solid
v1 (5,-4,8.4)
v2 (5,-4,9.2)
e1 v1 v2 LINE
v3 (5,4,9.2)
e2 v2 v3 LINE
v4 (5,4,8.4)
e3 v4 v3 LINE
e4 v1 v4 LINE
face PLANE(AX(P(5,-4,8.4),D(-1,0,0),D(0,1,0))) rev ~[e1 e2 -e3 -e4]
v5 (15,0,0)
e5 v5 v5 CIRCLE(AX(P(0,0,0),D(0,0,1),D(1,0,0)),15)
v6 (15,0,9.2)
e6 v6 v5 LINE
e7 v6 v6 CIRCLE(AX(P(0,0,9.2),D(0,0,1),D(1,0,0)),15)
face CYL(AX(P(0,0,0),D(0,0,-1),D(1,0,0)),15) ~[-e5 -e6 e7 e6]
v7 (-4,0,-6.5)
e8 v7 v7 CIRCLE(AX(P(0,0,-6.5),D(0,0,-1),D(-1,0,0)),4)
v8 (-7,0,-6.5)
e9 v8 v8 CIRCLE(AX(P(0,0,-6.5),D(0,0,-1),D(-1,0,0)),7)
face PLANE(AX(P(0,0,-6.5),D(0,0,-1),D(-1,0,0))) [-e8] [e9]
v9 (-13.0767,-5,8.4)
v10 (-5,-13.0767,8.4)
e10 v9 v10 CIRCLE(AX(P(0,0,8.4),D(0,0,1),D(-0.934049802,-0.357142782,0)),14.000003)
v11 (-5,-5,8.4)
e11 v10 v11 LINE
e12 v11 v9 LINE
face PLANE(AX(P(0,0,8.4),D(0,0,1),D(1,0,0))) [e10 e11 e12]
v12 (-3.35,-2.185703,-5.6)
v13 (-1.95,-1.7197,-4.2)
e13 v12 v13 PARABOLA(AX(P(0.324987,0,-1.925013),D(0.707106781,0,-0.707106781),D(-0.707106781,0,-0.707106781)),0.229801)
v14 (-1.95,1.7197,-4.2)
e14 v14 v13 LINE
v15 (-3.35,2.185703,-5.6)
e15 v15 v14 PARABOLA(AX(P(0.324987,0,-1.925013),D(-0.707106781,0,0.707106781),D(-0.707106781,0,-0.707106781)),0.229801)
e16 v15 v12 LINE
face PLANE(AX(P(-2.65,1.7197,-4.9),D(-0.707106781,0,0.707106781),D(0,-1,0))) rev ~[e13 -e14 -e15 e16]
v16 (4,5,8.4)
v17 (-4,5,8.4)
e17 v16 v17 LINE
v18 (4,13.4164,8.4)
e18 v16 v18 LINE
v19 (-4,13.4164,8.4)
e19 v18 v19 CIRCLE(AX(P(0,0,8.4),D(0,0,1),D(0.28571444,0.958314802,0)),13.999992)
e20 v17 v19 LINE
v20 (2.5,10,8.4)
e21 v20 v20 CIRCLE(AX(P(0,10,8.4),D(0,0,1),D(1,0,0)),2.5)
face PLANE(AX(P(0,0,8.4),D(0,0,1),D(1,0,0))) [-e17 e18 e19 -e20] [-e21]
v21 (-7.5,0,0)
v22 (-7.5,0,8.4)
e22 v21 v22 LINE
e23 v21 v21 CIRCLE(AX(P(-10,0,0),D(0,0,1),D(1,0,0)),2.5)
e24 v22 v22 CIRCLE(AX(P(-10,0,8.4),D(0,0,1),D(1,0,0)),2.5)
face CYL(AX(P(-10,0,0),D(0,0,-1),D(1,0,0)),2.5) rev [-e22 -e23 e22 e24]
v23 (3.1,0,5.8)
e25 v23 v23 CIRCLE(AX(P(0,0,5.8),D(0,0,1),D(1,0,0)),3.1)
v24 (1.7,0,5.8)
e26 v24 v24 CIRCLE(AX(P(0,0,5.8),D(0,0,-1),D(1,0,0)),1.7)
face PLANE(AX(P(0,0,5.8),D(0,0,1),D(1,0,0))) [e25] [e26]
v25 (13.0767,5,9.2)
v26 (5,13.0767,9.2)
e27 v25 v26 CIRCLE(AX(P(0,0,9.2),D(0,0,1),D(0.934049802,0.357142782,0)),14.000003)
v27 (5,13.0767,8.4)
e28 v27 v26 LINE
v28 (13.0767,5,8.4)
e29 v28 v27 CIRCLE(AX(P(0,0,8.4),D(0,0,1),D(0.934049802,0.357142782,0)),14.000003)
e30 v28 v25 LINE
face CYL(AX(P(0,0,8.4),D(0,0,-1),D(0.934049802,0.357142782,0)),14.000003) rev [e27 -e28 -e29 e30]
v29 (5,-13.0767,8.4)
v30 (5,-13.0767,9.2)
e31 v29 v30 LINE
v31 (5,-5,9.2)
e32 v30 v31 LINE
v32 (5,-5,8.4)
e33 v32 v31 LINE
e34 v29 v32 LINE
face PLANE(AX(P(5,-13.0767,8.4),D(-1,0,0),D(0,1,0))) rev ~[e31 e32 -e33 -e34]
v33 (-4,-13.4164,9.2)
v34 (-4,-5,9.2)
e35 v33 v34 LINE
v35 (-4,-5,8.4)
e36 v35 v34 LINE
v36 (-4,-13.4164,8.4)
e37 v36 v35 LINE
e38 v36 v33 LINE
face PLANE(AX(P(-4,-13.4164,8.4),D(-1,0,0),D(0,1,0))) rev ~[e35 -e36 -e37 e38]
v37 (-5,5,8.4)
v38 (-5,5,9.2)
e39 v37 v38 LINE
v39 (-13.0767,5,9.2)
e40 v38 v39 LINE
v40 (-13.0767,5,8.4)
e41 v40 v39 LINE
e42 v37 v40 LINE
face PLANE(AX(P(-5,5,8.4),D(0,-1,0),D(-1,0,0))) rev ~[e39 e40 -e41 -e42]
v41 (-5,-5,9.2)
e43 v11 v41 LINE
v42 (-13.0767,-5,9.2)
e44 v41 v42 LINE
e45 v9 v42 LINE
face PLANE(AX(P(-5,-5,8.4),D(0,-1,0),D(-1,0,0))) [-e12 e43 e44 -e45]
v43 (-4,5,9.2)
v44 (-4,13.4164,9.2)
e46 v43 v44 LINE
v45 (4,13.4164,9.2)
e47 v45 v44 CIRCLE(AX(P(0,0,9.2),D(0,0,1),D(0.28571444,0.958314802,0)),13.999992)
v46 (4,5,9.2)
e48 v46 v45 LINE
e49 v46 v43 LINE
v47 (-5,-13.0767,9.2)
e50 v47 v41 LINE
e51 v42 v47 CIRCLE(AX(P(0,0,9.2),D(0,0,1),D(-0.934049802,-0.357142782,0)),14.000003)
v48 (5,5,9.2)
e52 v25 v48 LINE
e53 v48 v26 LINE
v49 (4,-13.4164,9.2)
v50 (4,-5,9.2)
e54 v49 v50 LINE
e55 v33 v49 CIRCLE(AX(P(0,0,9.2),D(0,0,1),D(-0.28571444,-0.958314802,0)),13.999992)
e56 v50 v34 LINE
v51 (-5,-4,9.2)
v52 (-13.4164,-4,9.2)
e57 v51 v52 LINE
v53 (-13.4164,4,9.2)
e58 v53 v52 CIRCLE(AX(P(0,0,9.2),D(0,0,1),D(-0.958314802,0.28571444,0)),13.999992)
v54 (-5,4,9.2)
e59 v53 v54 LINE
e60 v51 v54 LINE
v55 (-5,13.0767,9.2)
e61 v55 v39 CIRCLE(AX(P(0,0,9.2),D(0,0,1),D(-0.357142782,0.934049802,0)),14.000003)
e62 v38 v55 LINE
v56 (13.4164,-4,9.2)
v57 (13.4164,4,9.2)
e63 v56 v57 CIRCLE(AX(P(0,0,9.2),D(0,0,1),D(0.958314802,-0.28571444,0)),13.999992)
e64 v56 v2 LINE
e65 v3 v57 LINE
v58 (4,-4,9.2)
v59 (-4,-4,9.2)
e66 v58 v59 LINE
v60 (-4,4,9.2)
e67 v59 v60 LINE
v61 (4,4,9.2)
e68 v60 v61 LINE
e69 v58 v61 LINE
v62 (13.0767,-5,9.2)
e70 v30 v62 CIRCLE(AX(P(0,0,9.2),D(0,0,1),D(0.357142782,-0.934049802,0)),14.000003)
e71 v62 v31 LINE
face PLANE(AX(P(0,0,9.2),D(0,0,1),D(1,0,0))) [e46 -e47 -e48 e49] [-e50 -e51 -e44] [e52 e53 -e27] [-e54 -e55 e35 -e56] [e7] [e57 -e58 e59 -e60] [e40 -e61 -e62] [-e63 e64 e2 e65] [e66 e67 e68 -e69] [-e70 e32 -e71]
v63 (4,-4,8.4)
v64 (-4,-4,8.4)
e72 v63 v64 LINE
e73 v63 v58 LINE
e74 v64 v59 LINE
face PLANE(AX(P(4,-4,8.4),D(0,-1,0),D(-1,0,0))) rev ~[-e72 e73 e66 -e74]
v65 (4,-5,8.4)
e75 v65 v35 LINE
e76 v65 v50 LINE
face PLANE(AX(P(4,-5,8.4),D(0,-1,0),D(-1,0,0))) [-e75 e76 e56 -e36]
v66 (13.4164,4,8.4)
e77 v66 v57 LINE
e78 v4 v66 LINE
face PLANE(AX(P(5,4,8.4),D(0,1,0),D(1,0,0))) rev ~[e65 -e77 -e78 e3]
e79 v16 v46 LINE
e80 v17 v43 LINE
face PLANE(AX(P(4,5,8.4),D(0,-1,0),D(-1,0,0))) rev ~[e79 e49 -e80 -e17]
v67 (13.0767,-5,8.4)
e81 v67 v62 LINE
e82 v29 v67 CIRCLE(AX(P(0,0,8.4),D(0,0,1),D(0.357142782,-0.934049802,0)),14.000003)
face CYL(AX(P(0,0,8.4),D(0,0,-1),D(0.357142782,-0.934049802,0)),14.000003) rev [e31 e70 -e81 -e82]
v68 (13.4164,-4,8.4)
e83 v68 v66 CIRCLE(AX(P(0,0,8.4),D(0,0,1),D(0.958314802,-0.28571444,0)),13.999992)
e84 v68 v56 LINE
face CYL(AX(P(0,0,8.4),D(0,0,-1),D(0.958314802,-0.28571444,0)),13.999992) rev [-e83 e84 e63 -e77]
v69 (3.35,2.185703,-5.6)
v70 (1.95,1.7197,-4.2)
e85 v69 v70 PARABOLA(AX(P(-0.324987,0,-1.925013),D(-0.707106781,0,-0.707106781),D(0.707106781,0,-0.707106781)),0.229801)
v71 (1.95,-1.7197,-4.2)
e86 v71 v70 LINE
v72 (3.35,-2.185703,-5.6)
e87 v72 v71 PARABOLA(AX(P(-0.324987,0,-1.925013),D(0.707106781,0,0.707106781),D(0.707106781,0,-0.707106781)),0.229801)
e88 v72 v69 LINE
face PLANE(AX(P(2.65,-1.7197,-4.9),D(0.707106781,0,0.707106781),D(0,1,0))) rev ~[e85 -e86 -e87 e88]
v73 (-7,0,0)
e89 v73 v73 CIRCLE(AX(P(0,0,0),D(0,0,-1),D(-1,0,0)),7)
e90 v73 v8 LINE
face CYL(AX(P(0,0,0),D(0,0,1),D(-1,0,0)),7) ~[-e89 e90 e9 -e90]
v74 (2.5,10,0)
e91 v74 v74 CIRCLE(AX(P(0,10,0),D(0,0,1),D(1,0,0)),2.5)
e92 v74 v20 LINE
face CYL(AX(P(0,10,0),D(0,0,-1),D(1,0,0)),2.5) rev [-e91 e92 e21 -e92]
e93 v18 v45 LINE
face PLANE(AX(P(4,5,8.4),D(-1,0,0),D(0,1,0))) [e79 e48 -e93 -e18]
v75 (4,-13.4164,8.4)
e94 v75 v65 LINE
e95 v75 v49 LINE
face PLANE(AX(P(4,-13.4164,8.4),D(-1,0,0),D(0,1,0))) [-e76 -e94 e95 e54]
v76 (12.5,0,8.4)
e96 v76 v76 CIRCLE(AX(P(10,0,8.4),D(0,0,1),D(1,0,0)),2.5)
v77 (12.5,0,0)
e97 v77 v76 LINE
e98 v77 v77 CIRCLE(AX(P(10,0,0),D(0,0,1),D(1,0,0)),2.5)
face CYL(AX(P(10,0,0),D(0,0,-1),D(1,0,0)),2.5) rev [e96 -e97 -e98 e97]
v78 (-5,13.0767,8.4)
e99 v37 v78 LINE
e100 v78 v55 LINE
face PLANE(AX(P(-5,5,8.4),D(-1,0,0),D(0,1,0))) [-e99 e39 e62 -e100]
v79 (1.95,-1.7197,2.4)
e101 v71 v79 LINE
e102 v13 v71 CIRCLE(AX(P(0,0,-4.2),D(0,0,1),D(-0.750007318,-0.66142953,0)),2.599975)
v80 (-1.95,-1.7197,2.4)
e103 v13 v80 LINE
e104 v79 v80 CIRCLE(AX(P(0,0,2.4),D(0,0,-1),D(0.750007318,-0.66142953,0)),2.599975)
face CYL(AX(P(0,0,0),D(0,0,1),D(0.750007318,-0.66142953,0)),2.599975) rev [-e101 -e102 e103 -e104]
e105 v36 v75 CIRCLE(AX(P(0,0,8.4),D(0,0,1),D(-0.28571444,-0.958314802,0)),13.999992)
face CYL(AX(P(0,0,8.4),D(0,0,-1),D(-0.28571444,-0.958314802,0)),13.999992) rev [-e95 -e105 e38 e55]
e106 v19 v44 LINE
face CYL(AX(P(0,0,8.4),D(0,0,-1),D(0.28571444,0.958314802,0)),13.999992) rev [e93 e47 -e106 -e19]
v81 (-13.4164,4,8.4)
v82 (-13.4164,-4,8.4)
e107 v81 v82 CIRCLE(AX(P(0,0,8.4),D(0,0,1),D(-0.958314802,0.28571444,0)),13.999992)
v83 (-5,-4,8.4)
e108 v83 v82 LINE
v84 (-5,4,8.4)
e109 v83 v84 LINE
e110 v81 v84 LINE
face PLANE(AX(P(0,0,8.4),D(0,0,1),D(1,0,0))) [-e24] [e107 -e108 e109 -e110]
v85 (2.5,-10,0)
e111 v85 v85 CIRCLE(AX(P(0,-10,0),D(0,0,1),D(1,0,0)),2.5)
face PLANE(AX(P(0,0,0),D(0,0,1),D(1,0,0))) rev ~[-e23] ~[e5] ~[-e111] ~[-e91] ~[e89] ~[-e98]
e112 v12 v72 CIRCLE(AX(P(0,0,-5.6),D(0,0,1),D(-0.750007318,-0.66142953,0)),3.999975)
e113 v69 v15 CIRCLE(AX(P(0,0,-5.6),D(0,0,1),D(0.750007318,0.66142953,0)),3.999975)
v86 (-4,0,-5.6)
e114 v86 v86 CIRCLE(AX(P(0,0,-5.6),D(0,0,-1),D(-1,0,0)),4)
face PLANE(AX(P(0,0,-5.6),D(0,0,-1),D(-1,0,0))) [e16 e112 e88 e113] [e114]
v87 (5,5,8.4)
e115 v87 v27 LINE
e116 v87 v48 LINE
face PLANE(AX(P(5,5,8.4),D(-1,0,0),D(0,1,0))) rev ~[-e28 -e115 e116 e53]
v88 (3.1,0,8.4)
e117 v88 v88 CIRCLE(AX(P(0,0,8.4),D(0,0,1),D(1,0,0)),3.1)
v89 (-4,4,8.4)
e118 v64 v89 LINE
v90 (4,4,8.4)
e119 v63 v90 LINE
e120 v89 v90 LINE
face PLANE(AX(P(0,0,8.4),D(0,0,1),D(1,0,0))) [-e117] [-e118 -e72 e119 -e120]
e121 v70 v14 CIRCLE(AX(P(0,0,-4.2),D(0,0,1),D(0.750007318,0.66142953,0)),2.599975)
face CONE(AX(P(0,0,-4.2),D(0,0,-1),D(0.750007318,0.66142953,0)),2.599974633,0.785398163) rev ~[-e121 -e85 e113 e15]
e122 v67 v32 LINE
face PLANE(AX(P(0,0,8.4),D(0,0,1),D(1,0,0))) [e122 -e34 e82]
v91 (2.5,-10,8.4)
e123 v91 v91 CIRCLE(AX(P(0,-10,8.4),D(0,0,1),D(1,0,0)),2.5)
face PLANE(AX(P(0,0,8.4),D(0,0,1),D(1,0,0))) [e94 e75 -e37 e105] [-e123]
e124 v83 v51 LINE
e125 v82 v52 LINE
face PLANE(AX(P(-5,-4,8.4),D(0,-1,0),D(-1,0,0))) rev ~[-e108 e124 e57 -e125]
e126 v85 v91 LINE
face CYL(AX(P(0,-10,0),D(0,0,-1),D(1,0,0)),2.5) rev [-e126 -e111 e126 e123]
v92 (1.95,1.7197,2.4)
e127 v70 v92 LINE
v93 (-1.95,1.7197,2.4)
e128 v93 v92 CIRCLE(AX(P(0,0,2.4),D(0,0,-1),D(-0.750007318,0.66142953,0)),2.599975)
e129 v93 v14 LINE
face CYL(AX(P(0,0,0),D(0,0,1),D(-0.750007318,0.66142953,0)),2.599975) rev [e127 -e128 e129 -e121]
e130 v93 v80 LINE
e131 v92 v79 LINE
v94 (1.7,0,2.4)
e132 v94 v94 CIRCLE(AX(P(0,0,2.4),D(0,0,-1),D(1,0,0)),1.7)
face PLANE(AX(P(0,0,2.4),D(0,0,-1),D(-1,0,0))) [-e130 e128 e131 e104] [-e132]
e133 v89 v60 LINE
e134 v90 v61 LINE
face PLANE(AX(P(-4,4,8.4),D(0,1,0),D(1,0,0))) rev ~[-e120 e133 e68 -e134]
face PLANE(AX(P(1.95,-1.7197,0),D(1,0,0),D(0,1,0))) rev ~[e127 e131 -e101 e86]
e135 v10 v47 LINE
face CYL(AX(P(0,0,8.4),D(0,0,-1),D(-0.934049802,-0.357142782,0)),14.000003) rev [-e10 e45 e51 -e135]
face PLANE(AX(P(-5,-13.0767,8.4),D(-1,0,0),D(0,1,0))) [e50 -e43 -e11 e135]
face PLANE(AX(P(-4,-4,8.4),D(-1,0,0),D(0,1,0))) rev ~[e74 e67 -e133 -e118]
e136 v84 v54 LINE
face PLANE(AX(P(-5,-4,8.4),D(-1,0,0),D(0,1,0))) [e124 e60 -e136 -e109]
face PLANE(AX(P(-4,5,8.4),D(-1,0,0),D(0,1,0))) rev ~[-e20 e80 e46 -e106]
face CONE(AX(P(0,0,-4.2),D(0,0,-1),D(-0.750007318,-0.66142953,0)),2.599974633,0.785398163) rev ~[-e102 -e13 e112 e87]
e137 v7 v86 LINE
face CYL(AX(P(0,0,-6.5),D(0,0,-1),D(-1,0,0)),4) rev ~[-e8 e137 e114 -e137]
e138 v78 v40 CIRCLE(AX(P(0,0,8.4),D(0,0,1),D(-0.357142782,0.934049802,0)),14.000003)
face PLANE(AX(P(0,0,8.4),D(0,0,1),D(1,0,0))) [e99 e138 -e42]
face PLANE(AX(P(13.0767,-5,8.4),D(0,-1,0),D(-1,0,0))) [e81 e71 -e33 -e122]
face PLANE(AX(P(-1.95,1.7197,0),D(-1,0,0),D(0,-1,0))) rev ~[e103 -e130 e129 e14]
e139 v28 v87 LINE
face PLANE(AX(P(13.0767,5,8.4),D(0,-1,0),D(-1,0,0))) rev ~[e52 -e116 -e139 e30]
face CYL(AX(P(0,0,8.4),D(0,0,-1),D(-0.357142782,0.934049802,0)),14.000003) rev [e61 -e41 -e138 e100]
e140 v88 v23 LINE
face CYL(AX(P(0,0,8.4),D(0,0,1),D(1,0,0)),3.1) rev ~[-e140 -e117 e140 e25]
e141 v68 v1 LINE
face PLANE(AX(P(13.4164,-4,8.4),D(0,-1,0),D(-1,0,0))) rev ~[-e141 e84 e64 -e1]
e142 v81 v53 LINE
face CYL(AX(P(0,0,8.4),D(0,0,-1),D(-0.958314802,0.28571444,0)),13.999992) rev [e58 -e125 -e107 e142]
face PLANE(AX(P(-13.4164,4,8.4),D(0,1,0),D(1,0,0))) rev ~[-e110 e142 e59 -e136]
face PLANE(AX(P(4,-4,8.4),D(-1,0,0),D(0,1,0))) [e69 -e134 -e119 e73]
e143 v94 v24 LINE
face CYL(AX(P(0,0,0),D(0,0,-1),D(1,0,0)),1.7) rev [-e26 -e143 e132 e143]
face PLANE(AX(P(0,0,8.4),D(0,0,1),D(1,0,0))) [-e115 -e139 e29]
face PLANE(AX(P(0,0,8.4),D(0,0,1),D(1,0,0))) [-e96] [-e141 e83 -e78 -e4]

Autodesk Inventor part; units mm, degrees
ref_plane "YZ Plane" through (0, 0, 0) normal (1, 0, 0) x (0, 1, 0)
ref_plane "XZ Plane" through (0, 0, 0) normal (0, 1, 0) x (-1, 0, 0)
ref_plane "XY Plane" through (0, 0, 0) normal (0, 0, 1) x (1, 0, 0)
sketch "Sketch1" plane through (0, 0, 0) normal (0, 0, 1) x (1, 0, 0)
  line L0 (0, 0) -> (22.9276, 0) construction
  line L1 (0, 0) -> (0, -25.2472) construction
  circle A0 centre (0, 10) radius 2.5
  circle A1 centre (10, 0) radius 2.5
  circle A2 centre (-10, 0) radius 2.5
  circle A3 centre (0, -10) radius 2.5
  circle A4 centre (0, 0) radius 15
  circle A5 centre (0, 0) radius 1.7
  dimension "d0" = 5
  dimension "d1" = 20
  dimension "d2" = 5
  dimension "d3" = 20
  dimension "d4" = 30
  dimension "d5" = 3.4
extrude "Extrusion1" add sketch "Sketch1" along normal blind 8.4
sketch "Sketch2" plane through (0, 0, 8.4) normal (0, 0, 1) x (1, 0, 0)
  circle A0 centre (0, 0) radius 15 projected
  circle A1 centre (10, 0) radius 2.5 construction
  line L0 (0, 0) -> (10, 0) construction
  line L1 (0, 0) -> (0, -10.0085) construction
  arc A2 (4, 13.4164) -> (-4, 13.4164) centre (0, 0) ccw
  line L2 (-5, 5) -> (-13.0767, 5)
  line L3 (-4, 5) -> (-4, 13.4164)
  line L4 (-5, 5) -> (-5, 13.0767)
  line L5 (-13.4164, 4) -> (-5, 4)
  arc A3 (-5, 13.0767) -> (-13.0767, 5) centre (0, 0) ccw
  arc A4 (-13.4164, 4) -> (-13.4164, -4) centre (0, 0) ccw
  line L6 (-5, -4) -> (-13.4164, -4)
  line L7 (-5, -13.0767) -> (-5, -5)
  line L8 (-5, -4) -> (-5, 4)
  line L9 (-4, -13.4164) -> (-4, -5)
  line L10 (-4, -4) -> (-4, 4)
  line L11 (-5, -5) -> (-13.0767, -5)
  line L12 (4, -13.4164) -> (4, -5)
  line L13 (5, -13.0767) -> (5, -5)
  line L14 (13.0767, -5) -> (5, -5)
  line L15 (4, -5) -> (-4, -5)
  line L16 (13.4164, -4) -> (5, -4)
  line L17 (4, -4) -> (-4, -4)
  line L18 (-4, 4) -> (4, 4)
  line L19 (5, 4) -> (13.4164, 4)
  line L20 (4, -4) -> (4, 4)
  line L21 (4, 5) -> (4, 13.4164)
  line L22 (13.0767, 5) -> (5, 5)
  line L23 (4, 5) -> (-4, 5)
  line L24 (5, -4) -> (5, 4)
  line L25 (5, 5) -> (5, 13.0767)
  arc A5 (13.0767, 5) -> (5, 13.0767) centre (0, 0) ccw
  arc A6 (13.4164, -4) -> (13.4164, 4) centre (0, 0) ccw
  arc A7 (5, -13.0767) -> (13.0767, -5) centre (0, 0) ccw
  arc A8 (-13.0767, -5) -> (-5, -13.0767) centre (0, 0) ccw
  arc A9 (-4, -13.4164) -> (4, -13.4164) centre (0, 0) ccw
extrude "Extrusion2" add sketch "Sketch2" along normal blind 0.8
sketch "Sketch3" plane through (0, 0, 0) normal (0, 0, -1) x (-1, 0, 0)
  line L0 (-1.95, 1.7197) -> (-1.95, -1.7197)
  line L1 (1.95, 1.7197) -> (1.95, -1.7197)
  line L2 (0, 0) -> (0, 3.5197) construction
  arc A0 (1.95, 1.7197) -> (-1.95, 1.7197) centre (0, 0) ccw
  arc A1 (-1.95, -1.7197) -> (1.95, -1.7197) centre (0, 0) ccw
  dimension "d25" = 3.9
  dimension "d26" = 2.6
  dimension "d27" = 2.6
extrude "Extrusion3" cut sketch "Sketch3" against normal blind 2.4
sketch "Sketch4" plane through (0, 0, 0) normal (0, 0, -1) x (-1, 0, 0)
  arc A0 (1.95, 1.7197) -> (-1.95, 1.7197) centre (0, 0) ccw projected
  line L0 (1.95, 1.7197) -> (1.95, -1.7197) projected
  arc A1 (-1.95, -1.7197) -> (1.95, -1.7197) centre (0, 0) ccw projected
  line L1 (-1.95, -1.7197) -> (-1.95, 1.7197) projected
  circle A2 centre (0, 0) radius 7
  dimension "d30" = 14
extrude "Extrusion4" add sketch "Sketch4" along normal blind 6.5
sketch "Sketch7" plane through (0, 0, -6.5) normal (0, 0, -1) x (-1, 0, 0)
  arc A0 (1.95, 1.7197) -> (-1.95, 1.7197) centre (0, 0) ccw construction
  circle A1 centre (0, 0) radius 4
  dimension "d36" = 8
extrude "Extrusion6" cut sketch "Sketch7" against normal blind 0.9
sketch "Sketch5" plane through (0, 0, 8.4) normal (0, 0, 1) x (1, 0, 0)
  circle A0 centre (0, 0) radius 3.1
  dimension "d33" = 6.2
extrude "Extrusion5" cut sketch "Sketch5" against normal blind 2.6
sketch "Sketch6" plane through (0, 0, -6.5) normal (0, 0, -1) x (-1, 0, 0)
  point P0 (0, 0)
chamfer "Chamfer1" distance 1.4 angle 45 4 edges at (1.95, 0, -5.6) (0, -2.6, -5.6) (-1.95, 0, -5.6) (0, 2.6, -5.6)
equation "\"d27\" = d26"
properties part number "Motor rotor"
